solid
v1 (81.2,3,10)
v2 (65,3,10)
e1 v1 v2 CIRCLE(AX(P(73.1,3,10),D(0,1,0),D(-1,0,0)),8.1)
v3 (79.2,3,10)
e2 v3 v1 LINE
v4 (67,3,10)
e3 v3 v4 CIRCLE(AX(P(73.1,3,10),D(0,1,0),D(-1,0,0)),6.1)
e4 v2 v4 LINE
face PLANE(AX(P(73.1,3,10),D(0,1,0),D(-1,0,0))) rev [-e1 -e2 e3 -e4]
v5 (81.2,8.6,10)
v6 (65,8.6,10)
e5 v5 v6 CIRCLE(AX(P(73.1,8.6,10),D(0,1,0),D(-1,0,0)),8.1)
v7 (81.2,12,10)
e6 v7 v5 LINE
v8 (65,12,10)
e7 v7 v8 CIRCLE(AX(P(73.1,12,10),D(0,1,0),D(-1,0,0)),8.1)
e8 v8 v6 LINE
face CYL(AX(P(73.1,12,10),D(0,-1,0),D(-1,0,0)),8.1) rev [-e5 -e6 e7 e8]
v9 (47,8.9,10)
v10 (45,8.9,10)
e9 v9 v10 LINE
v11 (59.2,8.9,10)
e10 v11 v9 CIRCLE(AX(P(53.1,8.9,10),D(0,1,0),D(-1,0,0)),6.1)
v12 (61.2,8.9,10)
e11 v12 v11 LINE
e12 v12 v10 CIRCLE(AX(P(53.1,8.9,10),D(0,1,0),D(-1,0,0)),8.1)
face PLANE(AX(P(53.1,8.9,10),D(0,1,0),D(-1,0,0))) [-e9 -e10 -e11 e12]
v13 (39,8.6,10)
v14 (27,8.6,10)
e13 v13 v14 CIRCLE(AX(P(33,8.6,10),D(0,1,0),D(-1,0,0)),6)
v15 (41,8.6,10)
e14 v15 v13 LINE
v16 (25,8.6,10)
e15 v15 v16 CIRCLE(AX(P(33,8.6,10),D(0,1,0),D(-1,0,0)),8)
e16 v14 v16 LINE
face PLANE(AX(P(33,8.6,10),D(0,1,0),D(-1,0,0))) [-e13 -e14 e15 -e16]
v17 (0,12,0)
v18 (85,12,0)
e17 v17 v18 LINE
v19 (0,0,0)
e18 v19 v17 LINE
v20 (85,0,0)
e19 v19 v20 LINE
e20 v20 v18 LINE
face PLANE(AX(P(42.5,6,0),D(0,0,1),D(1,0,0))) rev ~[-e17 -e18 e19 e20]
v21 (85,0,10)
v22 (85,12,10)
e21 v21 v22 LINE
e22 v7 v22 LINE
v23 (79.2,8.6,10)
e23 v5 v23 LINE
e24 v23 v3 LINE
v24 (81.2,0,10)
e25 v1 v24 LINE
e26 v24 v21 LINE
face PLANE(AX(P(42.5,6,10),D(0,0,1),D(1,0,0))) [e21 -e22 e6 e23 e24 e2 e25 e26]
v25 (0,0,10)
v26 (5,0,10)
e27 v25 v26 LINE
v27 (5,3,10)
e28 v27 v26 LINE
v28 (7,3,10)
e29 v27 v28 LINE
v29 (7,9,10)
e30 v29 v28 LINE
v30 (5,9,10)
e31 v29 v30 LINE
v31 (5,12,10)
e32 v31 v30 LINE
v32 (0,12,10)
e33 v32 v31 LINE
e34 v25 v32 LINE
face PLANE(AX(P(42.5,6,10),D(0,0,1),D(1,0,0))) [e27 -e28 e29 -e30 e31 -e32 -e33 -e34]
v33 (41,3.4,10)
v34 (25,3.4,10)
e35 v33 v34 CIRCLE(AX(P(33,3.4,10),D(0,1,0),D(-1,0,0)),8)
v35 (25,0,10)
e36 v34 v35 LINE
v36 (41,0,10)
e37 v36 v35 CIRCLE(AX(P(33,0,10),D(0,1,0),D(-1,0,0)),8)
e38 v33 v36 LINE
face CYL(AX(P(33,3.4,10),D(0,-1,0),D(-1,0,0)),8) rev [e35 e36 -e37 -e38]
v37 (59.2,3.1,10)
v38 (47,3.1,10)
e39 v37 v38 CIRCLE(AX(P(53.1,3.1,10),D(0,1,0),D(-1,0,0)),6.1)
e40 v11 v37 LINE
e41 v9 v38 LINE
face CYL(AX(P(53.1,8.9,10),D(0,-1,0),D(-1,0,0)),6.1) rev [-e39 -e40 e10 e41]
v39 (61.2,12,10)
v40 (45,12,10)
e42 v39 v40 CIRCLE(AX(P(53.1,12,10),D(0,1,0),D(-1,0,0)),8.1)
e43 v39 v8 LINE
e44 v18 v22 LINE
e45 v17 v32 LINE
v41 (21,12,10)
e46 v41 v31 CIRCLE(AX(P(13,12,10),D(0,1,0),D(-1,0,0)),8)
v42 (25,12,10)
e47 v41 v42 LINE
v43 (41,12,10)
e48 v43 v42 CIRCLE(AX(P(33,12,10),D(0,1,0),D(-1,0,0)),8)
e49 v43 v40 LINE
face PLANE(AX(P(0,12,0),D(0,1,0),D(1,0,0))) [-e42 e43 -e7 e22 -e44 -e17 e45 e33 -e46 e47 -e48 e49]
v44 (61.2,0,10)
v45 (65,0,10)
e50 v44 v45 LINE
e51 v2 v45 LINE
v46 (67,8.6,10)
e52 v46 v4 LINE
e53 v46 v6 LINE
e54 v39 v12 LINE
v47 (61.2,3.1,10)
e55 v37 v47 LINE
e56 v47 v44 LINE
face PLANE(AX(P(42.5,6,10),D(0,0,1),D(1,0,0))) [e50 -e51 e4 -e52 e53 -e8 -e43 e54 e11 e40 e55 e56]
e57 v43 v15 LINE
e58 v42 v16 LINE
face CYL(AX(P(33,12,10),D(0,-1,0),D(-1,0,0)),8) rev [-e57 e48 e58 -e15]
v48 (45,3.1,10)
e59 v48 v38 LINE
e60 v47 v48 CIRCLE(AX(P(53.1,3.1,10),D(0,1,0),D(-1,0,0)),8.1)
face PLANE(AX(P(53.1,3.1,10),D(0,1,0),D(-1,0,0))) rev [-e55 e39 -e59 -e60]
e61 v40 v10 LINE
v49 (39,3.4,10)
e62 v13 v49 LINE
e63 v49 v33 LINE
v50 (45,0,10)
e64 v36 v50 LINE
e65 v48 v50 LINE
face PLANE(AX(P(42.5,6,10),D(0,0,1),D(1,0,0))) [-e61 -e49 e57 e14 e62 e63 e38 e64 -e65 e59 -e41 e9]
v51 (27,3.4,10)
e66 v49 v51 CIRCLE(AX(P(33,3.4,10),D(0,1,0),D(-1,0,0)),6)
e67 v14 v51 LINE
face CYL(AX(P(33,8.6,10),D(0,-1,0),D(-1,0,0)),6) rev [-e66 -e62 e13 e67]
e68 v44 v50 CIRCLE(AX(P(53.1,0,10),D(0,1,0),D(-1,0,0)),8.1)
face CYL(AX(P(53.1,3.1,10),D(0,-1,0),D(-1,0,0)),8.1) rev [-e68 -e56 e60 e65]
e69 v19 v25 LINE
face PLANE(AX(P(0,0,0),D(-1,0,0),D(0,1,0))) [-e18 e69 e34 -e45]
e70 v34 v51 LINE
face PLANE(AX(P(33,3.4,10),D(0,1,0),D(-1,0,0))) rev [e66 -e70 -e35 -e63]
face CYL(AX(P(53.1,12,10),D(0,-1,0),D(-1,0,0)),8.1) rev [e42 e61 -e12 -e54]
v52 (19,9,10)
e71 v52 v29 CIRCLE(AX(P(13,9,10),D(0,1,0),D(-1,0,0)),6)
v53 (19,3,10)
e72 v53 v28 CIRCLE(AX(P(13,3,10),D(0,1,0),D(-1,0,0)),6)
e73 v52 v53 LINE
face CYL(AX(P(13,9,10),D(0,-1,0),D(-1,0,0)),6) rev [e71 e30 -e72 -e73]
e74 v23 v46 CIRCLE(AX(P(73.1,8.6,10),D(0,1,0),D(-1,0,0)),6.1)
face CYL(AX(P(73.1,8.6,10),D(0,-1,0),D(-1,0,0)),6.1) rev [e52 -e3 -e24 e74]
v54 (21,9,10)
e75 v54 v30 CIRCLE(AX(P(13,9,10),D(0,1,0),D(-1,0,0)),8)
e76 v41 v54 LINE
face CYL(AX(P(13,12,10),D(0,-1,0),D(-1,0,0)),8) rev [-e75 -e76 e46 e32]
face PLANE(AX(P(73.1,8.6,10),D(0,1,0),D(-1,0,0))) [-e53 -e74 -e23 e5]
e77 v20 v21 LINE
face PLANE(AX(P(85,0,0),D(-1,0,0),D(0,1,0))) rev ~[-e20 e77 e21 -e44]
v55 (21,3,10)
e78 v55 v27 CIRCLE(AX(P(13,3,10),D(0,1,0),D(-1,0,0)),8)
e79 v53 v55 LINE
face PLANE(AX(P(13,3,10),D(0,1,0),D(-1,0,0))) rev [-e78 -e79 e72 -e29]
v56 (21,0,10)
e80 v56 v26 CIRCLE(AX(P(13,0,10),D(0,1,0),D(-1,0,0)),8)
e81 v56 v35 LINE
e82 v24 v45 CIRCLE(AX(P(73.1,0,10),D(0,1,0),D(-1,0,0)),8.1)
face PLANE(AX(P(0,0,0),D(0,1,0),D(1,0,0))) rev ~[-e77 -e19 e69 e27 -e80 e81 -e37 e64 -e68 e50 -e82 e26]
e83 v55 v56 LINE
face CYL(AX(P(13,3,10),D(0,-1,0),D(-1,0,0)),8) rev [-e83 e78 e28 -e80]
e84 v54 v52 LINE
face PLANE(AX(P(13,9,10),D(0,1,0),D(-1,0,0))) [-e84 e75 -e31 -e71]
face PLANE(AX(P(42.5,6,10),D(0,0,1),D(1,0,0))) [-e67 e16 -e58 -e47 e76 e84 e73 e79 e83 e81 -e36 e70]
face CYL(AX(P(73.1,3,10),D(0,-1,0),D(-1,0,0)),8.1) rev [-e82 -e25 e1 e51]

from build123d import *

# Parameters (mm, degrees)
F1_W     = 85
F1_H     = 12
F2_DEPTH = 10


with BuildPart() as f2:
    # F1 (on Top) → F2 (new body)
    with BuildSketch(Plane.XY):
        with Locations((42.5, 6)):
            Rectangle(F1_W, F1_H)
    extrude(amount=F2_DEPTH)

    # F3 (on offset) → F4 (revolve, cut)
    with BuildSketch(Plane.XY.offset(10)):
        Polygon((5, 3), (5, 0), (13, 0), (13, 12), (5, 12), (5, 9), (7, 9), (7, 3), align=None)
    revolve(axis=Axis((13, 6, 10), (0, 1, 0)), mode=Mode.SUBTRACT)

    # F5 (on offset) → F6 (revolve, cut)
    with BuildSketch(Plane.XY.offset(10)):
        Polygon((25, 3.4), (25, 0), (33, 0), (33, 12), (25, 12), (25, 8.6), (27, 8.6), (27, 3.4), align=None)
    revolve(axis=Axis((33, 6, 10), (0, 1, 0)), mode=Mode.SUBTRACT)

    # F7 (on offset) → F8 (revolve, cut)
    with BuildSketch(Plane.XY.offset(10)):
        Polygon((45, 3.1), (45, 0), (53.1, 0), (53.1, 12), (45, 12), (45, 8.9), (47, 8.9), (47, 3.1), align=None)
    revolve(axis=Axis((53.1, 6, 10), (0, 1, 0)), mode=Mode.SUBTRACT)

    # F9 (on offset) → F10 (revolve, cut)
    with BuildSketch(Plane.XY.offset(10)):
        Polygon((65, 3), (65, 0), (73.1, 0), (73.1, 12), (65, 12), (65, 8.6), (67, 8.6), (67, 3), align=None)
    revolve(axis=Axis((73.1, 6, 10), (0, 1, 0)), mode=Mode.SUBTRACT)


solid = f2.part
